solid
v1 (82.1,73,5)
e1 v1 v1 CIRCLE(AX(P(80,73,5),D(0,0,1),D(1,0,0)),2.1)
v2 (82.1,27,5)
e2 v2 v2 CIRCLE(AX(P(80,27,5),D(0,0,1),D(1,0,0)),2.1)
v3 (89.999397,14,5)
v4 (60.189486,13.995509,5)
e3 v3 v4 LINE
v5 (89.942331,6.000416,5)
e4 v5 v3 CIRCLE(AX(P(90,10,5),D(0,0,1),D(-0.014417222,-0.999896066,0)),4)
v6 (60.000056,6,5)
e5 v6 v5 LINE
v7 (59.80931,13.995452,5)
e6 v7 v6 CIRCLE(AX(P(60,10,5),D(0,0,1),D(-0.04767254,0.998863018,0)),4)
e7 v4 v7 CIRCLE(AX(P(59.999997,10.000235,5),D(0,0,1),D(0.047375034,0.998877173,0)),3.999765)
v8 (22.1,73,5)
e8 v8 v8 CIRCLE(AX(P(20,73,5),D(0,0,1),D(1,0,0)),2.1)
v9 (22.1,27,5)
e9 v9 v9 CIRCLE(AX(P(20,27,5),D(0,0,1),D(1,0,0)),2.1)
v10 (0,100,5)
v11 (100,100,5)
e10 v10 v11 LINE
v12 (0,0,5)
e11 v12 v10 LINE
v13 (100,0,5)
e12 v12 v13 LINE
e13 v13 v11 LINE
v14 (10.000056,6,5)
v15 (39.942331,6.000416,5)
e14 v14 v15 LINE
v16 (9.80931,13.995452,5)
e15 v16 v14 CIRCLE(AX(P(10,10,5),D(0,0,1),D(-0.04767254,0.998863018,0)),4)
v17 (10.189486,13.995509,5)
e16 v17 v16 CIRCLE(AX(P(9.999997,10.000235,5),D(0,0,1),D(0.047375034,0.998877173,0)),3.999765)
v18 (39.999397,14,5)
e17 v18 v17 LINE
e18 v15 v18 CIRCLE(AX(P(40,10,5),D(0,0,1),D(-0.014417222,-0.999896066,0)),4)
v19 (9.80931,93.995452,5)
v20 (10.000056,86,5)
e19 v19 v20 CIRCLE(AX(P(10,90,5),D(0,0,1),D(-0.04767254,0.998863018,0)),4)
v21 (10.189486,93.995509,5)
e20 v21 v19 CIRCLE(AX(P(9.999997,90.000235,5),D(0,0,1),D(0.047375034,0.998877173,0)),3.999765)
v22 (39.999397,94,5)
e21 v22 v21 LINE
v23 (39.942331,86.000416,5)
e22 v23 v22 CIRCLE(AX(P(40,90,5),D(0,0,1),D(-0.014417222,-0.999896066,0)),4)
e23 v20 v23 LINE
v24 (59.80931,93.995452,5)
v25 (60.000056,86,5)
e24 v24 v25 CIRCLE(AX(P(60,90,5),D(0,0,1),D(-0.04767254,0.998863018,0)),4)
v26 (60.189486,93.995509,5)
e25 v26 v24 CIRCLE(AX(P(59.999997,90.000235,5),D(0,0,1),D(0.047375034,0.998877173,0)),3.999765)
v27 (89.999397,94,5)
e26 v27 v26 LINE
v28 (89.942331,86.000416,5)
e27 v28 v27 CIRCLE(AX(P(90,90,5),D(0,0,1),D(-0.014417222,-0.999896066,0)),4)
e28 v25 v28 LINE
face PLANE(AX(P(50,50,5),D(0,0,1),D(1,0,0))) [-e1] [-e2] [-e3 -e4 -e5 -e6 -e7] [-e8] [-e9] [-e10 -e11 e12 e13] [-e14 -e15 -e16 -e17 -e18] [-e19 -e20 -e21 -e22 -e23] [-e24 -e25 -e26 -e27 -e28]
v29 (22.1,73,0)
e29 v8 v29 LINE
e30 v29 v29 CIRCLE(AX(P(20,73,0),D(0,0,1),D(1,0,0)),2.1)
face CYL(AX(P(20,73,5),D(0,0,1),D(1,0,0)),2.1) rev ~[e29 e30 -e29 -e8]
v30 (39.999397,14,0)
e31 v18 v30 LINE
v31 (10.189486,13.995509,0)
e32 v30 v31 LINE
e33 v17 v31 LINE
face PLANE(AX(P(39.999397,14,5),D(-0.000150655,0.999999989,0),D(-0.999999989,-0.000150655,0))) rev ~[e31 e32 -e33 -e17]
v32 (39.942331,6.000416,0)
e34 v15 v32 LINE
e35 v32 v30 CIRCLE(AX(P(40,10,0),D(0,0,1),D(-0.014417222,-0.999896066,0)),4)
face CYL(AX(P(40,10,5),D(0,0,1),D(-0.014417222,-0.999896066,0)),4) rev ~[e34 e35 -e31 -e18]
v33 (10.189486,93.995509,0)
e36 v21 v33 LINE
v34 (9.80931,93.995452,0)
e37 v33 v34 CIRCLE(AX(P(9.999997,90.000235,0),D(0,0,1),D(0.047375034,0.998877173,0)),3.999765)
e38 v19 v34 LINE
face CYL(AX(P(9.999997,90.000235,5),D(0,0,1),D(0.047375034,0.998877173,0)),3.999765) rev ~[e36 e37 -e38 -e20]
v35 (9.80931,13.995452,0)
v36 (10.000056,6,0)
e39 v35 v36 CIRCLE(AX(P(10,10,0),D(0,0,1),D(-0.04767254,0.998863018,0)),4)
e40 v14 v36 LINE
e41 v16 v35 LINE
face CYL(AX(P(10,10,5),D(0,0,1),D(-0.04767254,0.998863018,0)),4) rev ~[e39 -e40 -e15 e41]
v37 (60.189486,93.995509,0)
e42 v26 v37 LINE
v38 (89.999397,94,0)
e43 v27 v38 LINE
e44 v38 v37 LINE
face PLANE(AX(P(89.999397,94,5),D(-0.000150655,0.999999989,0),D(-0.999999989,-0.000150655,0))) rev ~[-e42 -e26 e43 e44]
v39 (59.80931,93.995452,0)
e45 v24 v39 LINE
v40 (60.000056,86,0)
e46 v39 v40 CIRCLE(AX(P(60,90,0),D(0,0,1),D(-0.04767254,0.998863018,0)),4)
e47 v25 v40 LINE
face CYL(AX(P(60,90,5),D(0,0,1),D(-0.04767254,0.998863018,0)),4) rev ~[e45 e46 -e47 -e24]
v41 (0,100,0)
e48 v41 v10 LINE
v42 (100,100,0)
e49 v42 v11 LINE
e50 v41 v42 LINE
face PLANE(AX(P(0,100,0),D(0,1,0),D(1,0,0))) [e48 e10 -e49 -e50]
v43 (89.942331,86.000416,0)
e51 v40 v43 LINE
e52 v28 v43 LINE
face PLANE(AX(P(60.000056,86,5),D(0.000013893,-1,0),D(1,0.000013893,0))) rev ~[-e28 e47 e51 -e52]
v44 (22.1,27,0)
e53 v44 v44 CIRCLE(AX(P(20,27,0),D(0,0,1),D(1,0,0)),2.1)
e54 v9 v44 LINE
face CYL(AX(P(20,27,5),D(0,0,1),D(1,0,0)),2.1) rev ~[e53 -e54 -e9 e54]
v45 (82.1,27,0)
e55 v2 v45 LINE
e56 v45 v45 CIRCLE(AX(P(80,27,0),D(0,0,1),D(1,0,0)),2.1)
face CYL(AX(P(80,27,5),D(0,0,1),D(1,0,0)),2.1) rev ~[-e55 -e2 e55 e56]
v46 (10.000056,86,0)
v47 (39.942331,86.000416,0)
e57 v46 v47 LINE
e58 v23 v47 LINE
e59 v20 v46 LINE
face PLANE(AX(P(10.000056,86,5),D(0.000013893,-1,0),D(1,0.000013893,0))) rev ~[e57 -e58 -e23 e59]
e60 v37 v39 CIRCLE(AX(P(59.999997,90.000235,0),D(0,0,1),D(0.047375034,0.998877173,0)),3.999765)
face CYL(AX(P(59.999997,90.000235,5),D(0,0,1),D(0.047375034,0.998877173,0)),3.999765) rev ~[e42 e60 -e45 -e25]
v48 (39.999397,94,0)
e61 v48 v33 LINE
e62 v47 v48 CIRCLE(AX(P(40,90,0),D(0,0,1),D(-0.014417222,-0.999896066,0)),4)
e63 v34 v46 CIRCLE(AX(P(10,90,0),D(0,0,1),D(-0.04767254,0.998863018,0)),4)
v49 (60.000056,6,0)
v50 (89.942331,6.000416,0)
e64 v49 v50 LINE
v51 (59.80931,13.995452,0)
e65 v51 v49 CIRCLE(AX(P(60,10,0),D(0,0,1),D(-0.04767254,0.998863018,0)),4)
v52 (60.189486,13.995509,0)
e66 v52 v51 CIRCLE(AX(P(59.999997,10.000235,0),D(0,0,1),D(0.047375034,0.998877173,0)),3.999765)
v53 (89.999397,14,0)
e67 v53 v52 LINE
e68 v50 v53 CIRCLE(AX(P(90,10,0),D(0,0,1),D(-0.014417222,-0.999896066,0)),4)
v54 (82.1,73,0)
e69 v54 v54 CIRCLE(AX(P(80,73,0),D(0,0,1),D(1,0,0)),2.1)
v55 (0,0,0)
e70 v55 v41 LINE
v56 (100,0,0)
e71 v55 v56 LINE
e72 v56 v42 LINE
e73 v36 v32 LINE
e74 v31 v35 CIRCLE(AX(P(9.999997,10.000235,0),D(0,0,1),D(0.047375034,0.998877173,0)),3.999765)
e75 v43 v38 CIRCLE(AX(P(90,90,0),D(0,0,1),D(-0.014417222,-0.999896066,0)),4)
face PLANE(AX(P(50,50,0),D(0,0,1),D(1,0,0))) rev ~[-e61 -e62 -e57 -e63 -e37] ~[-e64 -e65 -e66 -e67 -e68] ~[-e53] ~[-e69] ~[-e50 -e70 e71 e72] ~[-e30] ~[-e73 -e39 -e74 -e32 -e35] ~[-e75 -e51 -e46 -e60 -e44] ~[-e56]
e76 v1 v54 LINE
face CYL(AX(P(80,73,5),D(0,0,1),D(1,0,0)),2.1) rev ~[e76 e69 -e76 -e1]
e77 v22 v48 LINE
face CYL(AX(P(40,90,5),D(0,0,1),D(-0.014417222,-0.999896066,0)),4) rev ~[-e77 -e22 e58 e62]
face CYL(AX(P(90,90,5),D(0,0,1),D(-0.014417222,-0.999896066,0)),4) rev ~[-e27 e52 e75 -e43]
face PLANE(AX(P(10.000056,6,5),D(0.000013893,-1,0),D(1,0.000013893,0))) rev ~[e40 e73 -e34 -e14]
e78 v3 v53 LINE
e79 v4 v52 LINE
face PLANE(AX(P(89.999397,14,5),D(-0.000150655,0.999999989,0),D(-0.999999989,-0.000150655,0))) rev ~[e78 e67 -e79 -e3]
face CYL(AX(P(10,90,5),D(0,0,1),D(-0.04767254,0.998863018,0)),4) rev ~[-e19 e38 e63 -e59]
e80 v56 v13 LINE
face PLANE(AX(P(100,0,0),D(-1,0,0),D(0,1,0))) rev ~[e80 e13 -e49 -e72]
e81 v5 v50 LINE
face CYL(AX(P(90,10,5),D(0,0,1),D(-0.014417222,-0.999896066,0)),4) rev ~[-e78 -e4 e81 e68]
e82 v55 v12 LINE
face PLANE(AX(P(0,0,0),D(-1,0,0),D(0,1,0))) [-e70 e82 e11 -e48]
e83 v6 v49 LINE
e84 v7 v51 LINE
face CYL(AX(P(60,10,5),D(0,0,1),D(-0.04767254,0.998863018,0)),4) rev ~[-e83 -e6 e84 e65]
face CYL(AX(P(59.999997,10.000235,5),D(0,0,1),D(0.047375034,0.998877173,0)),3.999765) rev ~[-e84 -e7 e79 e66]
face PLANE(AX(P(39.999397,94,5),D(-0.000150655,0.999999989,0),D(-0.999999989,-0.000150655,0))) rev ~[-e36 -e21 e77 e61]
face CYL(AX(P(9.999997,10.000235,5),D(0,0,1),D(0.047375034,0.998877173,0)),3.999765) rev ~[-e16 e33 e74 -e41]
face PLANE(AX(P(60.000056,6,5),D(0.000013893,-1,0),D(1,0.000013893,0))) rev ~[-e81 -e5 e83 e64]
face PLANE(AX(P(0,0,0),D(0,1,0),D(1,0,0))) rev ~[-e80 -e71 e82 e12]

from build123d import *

# Parameters (mm, degrees)
F0_W     = 100
F0_H     = 100
F1_DEPTH = 5
F3_DEPTH = 25
F4_R     = 2.1
F5_DEPTH = 25


with BuildPart() as f1:
    # F0 (on Top) → F1 (new body)
    with BuildSketch(Plane.XY):
        with Locations((50, 50)):
            Rectangle(F0_W, F0_H)
    extrude(amount=F1_DEPTH)

    # F2 (on face) → F3 (cut)
    with BuildSketch(Plane.XY.offset(5)):
        with BuildLine():
            Line((9.80931, 13.995452), (10.189486, 13.995509))
            ThreePointArc((10.189486, 13.995509), (9.999397, 14), (9.80931, 13.995452))
        make_face()
        with BuildLine():
            Line((39.999397, 14), (10.189486, 13.995509))
            Line((10.189486, 13.995509), (9.80931, 13.995452))
            ThreePointArc((9.80931, 13.995452), (6.001138, 9.9046), (10.000056, 6))
            Line((10.000056, 6), (39.942331, 6.000416))
            ThreePointArc((39.942331, 6.000416), (43.999898, 9.971466), (39.999397, 14))
        make_face()
        with BuildLine():
            Line((10.000056, 86), (39.942331, 86.000416))
            ThreePointArc((39.942331, 86.000416), (43.999898, 89.971466), (39.999397, 94))
            Line((39.999397, 94), (10.189486, 93.995509))
            Line((10.189486, 93.995509), (9.80931, 93.995452))
            ThreePointArc((9.80931, 93.995452), (6.001138, 89.9046), (10.000056, 86))
        make_face()
        with BuildLine():
            Line((9.80931, 93.995452), (10.189486, 93.995509))
            ThreePointArc((10.189486, 93.995509), (9.999397, 94), (9.80931, 93.995452))
        make_face()
        with BuildLine():
            Line((60.000056, 6), (89.942331, 6.000416))
            ThreePointArc((89.942331, 6.000416), (93.999898, 9.971466), (89.999397, 14))
            Line((89.999397, 14), (60.189486, 13.995509))
            Line((60.189486, 13.995509), (59.80931, 13.995452))
            ThreePointArc((59.80931, 13.995452), (56.001138, 9.9046), (60.000056, 6))
        make_face()
        with BuildLine():
            Line((59.80931, 13.995452), (60.189486, 13.995509))
            ThreePointArc((60.189486, 13.995509), (59.999397, 14), (59.80931, 13.995452))
        make_face()
        with BuildLine():
            Line((60.000056, 86), (89.942331, 86.000416))
            ThreePointArc((89.942331, 86.000416), (93.999898, 89.971466), (89.999397, 94))
            Line((89.999397, 94), (60.189486, 93.995509))
            Line((60.189486, 93.995509), (59.80931, 93.995452))
            ThreePointArc((59.80931, 93.995452), (56.001138, 89.9046), (60.000056, 86))
        make_face()
        with BuildLine():
            Line((59.80931, 93.995452), (60.189486, 93.995509))
            ThreePointArc((60.189486, 93.995509), (59.999397, 94), (59.80931, 93.995452))
        make_face()
    extrude(amount=-F3_DEPTH, mode=Mode.SUBTRACT)

    # F4 (on face) → F5 (cut)
    with BuildSketch(Plane.XY.offset(5)):
        with Locations((20, 73)):
            Circle(F4_R)
        with Locations((20, 27)):
            Circle(F4_R)
        with Locations((80, 27)):
            Circle(F4_R)
        with Locations((80, 73)):
            Circle(F4_R)
    extrude(amount=-F5_DEPTH, mode=Mode.SUBTRACT)


solid = f1.part
